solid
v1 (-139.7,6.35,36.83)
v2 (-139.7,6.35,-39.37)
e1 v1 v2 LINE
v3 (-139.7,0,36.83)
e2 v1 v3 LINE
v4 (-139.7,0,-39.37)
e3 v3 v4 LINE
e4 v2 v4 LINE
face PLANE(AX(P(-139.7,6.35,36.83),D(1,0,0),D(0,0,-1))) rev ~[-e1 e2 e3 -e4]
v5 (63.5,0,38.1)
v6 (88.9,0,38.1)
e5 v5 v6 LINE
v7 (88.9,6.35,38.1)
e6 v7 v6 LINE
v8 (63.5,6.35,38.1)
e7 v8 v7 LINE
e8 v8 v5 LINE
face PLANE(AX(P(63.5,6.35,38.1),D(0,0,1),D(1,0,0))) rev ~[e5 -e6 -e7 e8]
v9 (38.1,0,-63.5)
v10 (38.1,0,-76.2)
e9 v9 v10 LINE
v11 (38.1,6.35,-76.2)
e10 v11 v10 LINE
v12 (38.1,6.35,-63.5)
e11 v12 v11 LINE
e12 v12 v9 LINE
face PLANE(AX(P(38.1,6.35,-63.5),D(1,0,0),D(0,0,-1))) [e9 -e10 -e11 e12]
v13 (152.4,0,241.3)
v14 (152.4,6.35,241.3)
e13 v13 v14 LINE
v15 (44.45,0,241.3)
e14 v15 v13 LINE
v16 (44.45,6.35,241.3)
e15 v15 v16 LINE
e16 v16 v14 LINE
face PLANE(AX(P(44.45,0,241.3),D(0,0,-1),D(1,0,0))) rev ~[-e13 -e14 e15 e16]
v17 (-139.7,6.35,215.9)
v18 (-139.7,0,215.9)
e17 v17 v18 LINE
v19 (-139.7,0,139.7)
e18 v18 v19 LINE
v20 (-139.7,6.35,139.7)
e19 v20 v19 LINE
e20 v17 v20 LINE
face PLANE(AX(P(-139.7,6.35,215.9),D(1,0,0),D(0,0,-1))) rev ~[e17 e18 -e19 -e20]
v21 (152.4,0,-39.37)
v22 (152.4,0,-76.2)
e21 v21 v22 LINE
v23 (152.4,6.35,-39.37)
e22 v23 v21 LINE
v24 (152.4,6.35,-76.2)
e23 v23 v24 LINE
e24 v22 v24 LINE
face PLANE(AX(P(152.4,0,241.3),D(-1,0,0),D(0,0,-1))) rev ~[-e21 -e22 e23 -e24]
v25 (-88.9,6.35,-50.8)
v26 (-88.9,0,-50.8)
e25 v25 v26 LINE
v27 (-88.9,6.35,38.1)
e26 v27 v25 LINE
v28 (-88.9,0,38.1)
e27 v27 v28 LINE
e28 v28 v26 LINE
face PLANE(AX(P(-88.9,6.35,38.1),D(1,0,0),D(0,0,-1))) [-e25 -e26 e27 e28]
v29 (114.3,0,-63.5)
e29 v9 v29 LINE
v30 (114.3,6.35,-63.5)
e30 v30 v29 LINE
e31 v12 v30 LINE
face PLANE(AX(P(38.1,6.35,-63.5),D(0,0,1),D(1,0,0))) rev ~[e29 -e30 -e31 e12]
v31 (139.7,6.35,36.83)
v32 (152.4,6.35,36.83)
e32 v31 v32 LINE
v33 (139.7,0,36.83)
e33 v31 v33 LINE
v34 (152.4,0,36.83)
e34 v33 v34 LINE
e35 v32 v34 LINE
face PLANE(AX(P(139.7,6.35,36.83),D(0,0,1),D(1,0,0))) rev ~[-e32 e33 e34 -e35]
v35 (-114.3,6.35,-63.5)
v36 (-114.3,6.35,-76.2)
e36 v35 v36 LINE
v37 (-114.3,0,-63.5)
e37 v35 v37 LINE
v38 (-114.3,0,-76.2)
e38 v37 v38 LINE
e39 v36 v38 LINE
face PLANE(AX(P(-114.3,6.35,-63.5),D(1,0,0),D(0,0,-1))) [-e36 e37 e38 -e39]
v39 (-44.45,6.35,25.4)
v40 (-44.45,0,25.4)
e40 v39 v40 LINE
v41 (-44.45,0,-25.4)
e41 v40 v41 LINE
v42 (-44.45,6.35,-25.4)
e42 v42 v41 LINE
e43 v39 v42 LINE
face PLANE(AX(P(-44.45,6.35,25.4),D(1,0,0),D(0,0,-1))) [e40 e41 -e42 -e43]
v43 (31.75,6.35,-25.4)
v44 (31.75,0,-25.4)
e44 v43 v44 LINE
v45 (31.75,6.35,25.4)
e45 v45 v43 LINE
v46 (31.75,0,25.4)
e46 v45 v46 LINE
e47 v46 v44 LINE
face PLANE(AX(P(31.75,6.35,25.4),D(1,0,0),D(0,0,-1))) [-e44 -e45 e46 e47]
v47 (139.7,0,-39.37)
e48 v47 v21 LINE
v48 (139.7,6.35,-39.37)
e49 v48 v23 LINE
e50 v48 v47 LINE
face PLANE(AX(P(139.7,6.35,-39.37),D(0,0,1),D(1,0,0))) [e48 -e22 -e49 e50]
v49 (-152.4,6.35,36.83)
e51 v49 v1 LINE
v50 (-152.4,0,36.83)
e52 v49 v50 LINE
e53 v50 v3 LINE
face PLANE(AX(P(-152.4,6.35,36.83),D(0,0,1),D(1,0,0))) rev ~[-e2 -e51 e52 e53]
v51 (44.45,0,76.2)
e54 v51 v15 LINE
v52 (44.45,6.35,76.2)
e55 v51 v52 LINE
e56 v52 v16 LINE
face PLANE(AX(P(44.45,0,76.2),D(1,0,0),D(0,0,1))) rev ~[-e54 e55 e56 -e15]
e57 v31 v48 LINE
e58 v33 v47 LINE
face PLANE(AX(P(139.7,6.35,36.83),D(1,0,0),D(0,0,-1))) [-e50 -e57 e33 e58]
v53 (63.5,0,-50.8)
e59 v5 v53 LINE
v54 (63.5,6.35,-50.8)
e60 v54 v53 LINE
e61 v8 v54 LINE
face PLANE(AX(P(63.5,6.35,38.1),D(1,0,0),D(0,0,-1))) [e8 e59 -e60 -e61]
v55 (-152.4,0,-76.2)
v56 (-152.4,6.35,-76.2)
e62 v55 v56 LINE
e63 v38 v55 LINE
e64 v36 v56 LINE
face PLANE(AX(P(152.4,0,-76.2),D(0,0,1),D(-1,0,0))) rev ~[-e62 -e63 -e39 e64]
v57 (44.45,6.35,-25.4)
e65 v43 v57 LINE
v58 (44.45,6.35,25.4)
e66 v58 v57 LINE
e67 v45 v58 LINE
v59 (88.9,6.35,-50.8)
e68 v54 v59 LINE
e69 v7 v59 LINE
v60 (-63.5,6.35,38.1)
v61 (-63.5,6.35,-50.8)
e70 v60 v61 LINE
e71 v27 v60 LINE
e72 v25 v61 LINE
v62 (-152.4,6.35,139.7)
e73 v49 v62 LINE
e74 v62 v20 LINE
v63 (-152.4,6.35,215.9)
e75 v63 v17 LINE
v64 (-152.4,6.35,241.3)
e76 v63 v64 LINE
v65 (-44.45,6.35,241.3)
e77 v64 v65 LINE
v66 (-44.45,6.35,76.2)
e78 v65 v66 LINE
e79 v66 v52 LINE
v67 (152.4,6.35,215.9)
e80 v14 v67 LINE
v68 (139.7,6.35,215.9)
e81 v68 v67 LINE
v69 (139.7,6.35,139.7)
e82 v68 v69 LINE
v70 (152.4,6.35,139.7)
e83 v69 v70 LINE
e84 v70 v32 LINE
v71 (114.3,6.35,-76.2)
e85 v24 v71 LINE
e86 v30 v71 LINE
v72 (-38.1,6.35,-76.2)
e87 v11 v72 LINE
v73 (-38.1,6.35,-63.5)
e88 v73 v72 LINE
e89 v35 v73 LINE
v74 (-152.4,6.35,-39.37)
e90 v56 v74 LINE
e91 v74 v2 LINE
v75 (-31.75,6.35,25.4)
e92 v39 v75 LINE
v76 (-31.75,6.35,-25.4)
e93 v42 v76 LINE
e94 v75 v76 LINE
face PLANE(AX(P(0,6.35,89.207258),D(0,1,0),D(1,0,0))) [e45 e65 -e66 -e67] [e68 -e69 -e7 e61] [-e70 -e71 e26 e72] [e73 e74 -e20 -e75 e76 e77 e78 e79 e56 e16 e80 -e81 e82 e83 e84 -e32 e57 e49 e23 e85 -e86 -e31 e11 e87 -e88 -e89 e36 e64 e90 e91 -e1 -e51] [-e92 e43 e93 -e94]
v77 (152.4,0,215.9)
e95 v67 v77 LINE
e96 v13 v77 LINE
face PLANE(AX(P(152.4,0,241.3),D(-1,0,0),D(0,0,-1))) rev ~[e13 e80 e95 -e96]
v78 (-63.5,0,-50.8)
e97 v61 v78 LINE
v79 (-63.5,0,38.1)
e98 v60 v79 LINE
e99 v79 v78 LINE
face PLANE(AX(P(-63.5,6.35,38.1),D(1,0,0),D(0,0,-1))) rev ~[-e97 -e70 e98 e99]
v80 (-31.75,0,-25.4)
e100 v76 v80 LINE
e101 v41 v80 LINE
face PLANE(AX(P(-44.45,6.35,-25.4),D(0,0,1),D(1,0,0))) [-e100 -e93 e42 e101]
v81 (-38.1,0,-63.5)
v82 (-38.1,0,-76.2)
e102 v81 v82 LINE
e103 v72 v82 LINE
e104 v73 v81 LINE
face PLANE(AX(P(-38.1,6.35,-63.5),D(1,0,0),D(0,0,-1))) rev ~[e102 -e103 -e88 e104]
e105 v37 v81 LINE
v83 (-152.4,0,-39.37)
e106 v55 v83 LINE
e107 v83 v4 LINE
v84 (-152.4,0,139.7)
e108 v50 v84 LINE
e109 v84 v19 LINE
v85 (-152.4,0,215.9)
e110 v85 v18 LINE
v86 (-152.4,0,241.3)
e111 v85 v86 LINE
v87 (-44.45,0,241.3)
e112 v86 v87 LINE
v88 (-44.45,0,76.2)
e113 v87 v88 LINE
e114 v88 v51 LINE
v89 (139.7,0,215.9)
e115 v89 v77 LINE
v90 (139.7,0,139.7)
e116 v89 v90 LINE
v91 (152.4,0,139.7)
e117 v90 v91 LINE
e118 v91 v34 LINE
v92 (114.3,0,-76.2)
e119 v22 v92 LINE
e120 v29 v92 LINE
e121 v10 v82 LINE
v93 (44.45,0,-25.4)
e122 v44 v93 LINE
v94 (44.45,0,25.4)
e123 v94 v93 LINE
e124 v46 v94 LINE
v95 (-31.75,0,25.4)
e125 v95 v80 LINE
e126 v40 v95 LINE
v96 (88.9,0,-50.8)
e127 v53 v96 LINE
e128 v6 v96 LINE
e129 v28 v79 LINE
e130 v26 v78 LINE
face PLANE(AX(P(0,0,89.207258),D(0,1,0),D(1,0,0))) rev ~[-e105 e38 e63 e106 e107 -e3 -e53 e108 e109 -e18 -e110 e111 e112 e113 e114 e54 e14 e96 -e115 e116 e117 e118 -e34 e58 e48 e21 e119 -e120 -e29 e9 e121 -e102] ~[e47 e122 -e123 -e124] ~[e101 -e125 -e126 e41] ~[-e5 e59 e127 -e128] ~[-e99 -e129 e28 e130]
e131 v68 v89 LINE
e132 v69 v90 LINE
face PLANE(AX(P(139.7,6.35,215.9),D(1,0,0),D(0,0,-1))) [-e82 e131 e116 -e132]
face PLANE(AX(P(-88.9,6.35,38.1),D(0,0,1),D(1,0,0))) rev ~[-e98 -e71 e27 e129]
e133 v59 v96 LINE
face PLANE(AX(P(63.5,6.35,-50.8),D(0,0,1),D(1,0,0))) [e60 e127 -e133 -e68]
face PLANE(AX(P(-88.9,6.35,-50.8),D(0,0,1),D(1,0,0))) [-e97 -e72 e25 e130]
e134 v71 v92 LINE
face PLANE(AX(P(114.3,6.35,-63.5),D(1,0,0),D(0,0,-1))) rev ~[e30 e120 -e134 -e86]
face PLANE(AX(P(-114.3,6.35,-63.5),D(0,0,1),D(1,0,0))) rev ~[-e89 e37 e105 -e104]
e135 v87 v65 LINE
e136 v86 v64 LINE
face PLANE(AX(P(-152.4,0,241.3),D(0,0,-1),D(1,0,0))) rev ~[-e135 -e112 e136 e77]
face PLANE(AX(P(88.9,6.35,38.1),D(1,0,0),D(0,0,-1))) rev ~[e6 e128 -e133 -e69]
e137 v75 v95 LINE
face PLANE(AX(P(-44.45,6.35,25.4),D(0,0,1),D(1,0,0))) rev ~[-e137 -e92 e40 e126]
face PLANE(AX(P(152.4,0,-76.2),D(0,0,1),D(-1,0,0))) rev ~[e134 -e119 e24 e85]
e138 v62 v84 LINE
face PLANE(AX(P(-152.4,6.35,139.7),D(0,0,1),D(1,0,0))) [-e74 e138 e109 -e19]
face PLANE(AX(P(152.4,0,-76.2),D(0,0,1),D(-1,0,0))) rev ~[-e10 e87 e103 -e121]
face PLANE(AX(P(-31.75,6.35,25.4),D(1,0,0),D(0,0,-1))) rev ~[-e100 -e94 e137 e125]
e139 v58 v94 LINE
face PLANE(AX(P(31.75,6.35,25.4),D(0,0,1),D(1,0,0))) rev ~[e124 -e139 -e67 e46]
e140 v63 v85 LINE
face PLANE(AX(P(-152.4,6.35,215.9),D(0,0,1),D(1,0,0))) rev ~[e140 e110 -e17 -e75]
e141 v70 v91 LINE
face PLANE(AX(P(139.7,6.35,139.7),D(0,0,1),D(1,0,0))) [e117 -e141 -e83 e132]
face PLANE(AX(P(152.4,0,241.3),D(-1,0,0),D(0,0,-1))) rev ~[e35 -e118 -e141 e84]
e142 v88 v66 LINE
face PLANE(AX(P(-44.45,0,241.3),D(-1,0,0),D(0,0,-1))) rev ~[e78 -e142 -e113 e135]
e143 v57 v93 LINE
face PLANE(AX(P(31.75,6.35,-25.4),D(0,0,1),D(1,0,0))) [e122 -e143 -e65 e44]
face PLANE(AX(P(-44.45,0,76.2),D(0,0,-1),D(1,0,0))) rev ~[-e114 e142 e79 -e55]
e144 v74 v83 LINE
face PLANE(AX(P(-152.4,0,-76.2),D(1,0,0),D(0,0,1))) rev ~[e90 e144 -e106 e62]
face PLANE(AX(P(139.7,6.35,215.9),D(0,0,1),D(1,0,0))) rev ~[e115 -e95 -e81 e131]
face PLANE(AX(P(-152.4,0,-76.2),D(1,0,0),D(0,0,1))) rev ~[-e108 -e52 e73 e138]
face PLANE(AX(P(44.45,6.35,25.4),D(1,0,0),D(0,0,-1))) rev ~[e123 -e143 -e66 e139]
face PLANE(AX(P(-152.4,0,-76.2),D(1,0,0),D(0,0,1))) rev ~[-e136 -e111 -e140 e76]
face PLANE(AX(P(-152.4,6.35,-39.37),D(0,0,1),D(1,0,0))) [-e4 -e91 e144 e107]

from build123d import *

# Parameters (mm, degrees)
BOSS_EXTRUDE1_DEPTH = 6.35
SKETCH2_W           = 12.7
SKETCH2_H           = 76.2
SKETCH2_W_2         = 76.2
SKETCH2_H_2         = 12.7
SKETCH2_W_3         = 25.4
SKETCH2_H_3         = 88.9
CUT_EXTRUDE1_DEPTH  = 286.467638271
SKETCH3_W           = 12.7
SKETCH3_H           = 50.8
CUT_EXTRUDE2_DEPTH  = 286.467638271


with BuildPart() as part:
    # Sketch1 → Boss-Extrude1 (new body)
    with BuildSketch(Plane(origin=(0, 0, 0), x_dir=(1, 0, 0), z_dir=(0, 1, 0))):
        Polygon((-152.4, 76.2), (-152.4, -241.3), (-44.45, -241.3), (-44.45, -76.2), (44.45, -76.2), (44.45, -241.3), (152.4, -241.3), (152.4, 76.2), align=None)
    extrude(amount=BOSS_EXTRUDE1_DEPTH)

    # Sketch2 → Cut-Extrude1 (cut, through all)
    with BuildSketch(Plane(origin=(0, 6.35, 0), x_dir=(1, 0, 0), z_dir=(0, 1, 0))):
        with Locations((146.05, 1.27)):
            Rectangle(SKETCH2_W, SKETCH2_H)
        with Locations((146.05, -177.8)):
            Rectangle(SKETCH2_W, SKETCH2_H)
        with Locations((-146.05, -177.8)):
            Rectangle(SKETCH2_W, SKETCH2_H)
        with Locations((-146.05, 1.27)):
            Rectangle(SKETCH2_W, SKETCH2_H)
        with Locations((-76.2, 69.85)):
            Rectangle(SKETCH2_W_2, SKETCH2_H_2)
        with Locations((76.2, 69.85)):
            Rectangle(SKETCH2_W_2, SKETCH2_H_2)
        with Locations((-76.2, 6.35)):
            Rectangle(SKETCH2_W_3, SKETCH2_H_3)
        with Locations((76.2, 6.35)):
            Rectangle(SKETCH2_W_3, SKETCH2_H_3)
    extrude(amount=-CUT_EXTRUDE1_DEPTH, mode=Mode.SUBTRACT)

    # Sketch3 → Cut-Extrude2 (cut, through all)
    with BuildSketch(Plane(origin=(0, 6.35, 0), x_dir=(1, 0, 0), z_dir=(0, 1, 0))):
        with Locations((-38.1, 0)):
            Rectangle(SKETCH3_W, SKETCH3_H)
        with Locations((38.1, 0)):
            Rectangle(SKETCH3_W, SKETCH3_H)
    extrude(amount=-CUT_EXTRUDE2_DEPTH, mode=Mode.SUBTRACT)


solid = part.part
